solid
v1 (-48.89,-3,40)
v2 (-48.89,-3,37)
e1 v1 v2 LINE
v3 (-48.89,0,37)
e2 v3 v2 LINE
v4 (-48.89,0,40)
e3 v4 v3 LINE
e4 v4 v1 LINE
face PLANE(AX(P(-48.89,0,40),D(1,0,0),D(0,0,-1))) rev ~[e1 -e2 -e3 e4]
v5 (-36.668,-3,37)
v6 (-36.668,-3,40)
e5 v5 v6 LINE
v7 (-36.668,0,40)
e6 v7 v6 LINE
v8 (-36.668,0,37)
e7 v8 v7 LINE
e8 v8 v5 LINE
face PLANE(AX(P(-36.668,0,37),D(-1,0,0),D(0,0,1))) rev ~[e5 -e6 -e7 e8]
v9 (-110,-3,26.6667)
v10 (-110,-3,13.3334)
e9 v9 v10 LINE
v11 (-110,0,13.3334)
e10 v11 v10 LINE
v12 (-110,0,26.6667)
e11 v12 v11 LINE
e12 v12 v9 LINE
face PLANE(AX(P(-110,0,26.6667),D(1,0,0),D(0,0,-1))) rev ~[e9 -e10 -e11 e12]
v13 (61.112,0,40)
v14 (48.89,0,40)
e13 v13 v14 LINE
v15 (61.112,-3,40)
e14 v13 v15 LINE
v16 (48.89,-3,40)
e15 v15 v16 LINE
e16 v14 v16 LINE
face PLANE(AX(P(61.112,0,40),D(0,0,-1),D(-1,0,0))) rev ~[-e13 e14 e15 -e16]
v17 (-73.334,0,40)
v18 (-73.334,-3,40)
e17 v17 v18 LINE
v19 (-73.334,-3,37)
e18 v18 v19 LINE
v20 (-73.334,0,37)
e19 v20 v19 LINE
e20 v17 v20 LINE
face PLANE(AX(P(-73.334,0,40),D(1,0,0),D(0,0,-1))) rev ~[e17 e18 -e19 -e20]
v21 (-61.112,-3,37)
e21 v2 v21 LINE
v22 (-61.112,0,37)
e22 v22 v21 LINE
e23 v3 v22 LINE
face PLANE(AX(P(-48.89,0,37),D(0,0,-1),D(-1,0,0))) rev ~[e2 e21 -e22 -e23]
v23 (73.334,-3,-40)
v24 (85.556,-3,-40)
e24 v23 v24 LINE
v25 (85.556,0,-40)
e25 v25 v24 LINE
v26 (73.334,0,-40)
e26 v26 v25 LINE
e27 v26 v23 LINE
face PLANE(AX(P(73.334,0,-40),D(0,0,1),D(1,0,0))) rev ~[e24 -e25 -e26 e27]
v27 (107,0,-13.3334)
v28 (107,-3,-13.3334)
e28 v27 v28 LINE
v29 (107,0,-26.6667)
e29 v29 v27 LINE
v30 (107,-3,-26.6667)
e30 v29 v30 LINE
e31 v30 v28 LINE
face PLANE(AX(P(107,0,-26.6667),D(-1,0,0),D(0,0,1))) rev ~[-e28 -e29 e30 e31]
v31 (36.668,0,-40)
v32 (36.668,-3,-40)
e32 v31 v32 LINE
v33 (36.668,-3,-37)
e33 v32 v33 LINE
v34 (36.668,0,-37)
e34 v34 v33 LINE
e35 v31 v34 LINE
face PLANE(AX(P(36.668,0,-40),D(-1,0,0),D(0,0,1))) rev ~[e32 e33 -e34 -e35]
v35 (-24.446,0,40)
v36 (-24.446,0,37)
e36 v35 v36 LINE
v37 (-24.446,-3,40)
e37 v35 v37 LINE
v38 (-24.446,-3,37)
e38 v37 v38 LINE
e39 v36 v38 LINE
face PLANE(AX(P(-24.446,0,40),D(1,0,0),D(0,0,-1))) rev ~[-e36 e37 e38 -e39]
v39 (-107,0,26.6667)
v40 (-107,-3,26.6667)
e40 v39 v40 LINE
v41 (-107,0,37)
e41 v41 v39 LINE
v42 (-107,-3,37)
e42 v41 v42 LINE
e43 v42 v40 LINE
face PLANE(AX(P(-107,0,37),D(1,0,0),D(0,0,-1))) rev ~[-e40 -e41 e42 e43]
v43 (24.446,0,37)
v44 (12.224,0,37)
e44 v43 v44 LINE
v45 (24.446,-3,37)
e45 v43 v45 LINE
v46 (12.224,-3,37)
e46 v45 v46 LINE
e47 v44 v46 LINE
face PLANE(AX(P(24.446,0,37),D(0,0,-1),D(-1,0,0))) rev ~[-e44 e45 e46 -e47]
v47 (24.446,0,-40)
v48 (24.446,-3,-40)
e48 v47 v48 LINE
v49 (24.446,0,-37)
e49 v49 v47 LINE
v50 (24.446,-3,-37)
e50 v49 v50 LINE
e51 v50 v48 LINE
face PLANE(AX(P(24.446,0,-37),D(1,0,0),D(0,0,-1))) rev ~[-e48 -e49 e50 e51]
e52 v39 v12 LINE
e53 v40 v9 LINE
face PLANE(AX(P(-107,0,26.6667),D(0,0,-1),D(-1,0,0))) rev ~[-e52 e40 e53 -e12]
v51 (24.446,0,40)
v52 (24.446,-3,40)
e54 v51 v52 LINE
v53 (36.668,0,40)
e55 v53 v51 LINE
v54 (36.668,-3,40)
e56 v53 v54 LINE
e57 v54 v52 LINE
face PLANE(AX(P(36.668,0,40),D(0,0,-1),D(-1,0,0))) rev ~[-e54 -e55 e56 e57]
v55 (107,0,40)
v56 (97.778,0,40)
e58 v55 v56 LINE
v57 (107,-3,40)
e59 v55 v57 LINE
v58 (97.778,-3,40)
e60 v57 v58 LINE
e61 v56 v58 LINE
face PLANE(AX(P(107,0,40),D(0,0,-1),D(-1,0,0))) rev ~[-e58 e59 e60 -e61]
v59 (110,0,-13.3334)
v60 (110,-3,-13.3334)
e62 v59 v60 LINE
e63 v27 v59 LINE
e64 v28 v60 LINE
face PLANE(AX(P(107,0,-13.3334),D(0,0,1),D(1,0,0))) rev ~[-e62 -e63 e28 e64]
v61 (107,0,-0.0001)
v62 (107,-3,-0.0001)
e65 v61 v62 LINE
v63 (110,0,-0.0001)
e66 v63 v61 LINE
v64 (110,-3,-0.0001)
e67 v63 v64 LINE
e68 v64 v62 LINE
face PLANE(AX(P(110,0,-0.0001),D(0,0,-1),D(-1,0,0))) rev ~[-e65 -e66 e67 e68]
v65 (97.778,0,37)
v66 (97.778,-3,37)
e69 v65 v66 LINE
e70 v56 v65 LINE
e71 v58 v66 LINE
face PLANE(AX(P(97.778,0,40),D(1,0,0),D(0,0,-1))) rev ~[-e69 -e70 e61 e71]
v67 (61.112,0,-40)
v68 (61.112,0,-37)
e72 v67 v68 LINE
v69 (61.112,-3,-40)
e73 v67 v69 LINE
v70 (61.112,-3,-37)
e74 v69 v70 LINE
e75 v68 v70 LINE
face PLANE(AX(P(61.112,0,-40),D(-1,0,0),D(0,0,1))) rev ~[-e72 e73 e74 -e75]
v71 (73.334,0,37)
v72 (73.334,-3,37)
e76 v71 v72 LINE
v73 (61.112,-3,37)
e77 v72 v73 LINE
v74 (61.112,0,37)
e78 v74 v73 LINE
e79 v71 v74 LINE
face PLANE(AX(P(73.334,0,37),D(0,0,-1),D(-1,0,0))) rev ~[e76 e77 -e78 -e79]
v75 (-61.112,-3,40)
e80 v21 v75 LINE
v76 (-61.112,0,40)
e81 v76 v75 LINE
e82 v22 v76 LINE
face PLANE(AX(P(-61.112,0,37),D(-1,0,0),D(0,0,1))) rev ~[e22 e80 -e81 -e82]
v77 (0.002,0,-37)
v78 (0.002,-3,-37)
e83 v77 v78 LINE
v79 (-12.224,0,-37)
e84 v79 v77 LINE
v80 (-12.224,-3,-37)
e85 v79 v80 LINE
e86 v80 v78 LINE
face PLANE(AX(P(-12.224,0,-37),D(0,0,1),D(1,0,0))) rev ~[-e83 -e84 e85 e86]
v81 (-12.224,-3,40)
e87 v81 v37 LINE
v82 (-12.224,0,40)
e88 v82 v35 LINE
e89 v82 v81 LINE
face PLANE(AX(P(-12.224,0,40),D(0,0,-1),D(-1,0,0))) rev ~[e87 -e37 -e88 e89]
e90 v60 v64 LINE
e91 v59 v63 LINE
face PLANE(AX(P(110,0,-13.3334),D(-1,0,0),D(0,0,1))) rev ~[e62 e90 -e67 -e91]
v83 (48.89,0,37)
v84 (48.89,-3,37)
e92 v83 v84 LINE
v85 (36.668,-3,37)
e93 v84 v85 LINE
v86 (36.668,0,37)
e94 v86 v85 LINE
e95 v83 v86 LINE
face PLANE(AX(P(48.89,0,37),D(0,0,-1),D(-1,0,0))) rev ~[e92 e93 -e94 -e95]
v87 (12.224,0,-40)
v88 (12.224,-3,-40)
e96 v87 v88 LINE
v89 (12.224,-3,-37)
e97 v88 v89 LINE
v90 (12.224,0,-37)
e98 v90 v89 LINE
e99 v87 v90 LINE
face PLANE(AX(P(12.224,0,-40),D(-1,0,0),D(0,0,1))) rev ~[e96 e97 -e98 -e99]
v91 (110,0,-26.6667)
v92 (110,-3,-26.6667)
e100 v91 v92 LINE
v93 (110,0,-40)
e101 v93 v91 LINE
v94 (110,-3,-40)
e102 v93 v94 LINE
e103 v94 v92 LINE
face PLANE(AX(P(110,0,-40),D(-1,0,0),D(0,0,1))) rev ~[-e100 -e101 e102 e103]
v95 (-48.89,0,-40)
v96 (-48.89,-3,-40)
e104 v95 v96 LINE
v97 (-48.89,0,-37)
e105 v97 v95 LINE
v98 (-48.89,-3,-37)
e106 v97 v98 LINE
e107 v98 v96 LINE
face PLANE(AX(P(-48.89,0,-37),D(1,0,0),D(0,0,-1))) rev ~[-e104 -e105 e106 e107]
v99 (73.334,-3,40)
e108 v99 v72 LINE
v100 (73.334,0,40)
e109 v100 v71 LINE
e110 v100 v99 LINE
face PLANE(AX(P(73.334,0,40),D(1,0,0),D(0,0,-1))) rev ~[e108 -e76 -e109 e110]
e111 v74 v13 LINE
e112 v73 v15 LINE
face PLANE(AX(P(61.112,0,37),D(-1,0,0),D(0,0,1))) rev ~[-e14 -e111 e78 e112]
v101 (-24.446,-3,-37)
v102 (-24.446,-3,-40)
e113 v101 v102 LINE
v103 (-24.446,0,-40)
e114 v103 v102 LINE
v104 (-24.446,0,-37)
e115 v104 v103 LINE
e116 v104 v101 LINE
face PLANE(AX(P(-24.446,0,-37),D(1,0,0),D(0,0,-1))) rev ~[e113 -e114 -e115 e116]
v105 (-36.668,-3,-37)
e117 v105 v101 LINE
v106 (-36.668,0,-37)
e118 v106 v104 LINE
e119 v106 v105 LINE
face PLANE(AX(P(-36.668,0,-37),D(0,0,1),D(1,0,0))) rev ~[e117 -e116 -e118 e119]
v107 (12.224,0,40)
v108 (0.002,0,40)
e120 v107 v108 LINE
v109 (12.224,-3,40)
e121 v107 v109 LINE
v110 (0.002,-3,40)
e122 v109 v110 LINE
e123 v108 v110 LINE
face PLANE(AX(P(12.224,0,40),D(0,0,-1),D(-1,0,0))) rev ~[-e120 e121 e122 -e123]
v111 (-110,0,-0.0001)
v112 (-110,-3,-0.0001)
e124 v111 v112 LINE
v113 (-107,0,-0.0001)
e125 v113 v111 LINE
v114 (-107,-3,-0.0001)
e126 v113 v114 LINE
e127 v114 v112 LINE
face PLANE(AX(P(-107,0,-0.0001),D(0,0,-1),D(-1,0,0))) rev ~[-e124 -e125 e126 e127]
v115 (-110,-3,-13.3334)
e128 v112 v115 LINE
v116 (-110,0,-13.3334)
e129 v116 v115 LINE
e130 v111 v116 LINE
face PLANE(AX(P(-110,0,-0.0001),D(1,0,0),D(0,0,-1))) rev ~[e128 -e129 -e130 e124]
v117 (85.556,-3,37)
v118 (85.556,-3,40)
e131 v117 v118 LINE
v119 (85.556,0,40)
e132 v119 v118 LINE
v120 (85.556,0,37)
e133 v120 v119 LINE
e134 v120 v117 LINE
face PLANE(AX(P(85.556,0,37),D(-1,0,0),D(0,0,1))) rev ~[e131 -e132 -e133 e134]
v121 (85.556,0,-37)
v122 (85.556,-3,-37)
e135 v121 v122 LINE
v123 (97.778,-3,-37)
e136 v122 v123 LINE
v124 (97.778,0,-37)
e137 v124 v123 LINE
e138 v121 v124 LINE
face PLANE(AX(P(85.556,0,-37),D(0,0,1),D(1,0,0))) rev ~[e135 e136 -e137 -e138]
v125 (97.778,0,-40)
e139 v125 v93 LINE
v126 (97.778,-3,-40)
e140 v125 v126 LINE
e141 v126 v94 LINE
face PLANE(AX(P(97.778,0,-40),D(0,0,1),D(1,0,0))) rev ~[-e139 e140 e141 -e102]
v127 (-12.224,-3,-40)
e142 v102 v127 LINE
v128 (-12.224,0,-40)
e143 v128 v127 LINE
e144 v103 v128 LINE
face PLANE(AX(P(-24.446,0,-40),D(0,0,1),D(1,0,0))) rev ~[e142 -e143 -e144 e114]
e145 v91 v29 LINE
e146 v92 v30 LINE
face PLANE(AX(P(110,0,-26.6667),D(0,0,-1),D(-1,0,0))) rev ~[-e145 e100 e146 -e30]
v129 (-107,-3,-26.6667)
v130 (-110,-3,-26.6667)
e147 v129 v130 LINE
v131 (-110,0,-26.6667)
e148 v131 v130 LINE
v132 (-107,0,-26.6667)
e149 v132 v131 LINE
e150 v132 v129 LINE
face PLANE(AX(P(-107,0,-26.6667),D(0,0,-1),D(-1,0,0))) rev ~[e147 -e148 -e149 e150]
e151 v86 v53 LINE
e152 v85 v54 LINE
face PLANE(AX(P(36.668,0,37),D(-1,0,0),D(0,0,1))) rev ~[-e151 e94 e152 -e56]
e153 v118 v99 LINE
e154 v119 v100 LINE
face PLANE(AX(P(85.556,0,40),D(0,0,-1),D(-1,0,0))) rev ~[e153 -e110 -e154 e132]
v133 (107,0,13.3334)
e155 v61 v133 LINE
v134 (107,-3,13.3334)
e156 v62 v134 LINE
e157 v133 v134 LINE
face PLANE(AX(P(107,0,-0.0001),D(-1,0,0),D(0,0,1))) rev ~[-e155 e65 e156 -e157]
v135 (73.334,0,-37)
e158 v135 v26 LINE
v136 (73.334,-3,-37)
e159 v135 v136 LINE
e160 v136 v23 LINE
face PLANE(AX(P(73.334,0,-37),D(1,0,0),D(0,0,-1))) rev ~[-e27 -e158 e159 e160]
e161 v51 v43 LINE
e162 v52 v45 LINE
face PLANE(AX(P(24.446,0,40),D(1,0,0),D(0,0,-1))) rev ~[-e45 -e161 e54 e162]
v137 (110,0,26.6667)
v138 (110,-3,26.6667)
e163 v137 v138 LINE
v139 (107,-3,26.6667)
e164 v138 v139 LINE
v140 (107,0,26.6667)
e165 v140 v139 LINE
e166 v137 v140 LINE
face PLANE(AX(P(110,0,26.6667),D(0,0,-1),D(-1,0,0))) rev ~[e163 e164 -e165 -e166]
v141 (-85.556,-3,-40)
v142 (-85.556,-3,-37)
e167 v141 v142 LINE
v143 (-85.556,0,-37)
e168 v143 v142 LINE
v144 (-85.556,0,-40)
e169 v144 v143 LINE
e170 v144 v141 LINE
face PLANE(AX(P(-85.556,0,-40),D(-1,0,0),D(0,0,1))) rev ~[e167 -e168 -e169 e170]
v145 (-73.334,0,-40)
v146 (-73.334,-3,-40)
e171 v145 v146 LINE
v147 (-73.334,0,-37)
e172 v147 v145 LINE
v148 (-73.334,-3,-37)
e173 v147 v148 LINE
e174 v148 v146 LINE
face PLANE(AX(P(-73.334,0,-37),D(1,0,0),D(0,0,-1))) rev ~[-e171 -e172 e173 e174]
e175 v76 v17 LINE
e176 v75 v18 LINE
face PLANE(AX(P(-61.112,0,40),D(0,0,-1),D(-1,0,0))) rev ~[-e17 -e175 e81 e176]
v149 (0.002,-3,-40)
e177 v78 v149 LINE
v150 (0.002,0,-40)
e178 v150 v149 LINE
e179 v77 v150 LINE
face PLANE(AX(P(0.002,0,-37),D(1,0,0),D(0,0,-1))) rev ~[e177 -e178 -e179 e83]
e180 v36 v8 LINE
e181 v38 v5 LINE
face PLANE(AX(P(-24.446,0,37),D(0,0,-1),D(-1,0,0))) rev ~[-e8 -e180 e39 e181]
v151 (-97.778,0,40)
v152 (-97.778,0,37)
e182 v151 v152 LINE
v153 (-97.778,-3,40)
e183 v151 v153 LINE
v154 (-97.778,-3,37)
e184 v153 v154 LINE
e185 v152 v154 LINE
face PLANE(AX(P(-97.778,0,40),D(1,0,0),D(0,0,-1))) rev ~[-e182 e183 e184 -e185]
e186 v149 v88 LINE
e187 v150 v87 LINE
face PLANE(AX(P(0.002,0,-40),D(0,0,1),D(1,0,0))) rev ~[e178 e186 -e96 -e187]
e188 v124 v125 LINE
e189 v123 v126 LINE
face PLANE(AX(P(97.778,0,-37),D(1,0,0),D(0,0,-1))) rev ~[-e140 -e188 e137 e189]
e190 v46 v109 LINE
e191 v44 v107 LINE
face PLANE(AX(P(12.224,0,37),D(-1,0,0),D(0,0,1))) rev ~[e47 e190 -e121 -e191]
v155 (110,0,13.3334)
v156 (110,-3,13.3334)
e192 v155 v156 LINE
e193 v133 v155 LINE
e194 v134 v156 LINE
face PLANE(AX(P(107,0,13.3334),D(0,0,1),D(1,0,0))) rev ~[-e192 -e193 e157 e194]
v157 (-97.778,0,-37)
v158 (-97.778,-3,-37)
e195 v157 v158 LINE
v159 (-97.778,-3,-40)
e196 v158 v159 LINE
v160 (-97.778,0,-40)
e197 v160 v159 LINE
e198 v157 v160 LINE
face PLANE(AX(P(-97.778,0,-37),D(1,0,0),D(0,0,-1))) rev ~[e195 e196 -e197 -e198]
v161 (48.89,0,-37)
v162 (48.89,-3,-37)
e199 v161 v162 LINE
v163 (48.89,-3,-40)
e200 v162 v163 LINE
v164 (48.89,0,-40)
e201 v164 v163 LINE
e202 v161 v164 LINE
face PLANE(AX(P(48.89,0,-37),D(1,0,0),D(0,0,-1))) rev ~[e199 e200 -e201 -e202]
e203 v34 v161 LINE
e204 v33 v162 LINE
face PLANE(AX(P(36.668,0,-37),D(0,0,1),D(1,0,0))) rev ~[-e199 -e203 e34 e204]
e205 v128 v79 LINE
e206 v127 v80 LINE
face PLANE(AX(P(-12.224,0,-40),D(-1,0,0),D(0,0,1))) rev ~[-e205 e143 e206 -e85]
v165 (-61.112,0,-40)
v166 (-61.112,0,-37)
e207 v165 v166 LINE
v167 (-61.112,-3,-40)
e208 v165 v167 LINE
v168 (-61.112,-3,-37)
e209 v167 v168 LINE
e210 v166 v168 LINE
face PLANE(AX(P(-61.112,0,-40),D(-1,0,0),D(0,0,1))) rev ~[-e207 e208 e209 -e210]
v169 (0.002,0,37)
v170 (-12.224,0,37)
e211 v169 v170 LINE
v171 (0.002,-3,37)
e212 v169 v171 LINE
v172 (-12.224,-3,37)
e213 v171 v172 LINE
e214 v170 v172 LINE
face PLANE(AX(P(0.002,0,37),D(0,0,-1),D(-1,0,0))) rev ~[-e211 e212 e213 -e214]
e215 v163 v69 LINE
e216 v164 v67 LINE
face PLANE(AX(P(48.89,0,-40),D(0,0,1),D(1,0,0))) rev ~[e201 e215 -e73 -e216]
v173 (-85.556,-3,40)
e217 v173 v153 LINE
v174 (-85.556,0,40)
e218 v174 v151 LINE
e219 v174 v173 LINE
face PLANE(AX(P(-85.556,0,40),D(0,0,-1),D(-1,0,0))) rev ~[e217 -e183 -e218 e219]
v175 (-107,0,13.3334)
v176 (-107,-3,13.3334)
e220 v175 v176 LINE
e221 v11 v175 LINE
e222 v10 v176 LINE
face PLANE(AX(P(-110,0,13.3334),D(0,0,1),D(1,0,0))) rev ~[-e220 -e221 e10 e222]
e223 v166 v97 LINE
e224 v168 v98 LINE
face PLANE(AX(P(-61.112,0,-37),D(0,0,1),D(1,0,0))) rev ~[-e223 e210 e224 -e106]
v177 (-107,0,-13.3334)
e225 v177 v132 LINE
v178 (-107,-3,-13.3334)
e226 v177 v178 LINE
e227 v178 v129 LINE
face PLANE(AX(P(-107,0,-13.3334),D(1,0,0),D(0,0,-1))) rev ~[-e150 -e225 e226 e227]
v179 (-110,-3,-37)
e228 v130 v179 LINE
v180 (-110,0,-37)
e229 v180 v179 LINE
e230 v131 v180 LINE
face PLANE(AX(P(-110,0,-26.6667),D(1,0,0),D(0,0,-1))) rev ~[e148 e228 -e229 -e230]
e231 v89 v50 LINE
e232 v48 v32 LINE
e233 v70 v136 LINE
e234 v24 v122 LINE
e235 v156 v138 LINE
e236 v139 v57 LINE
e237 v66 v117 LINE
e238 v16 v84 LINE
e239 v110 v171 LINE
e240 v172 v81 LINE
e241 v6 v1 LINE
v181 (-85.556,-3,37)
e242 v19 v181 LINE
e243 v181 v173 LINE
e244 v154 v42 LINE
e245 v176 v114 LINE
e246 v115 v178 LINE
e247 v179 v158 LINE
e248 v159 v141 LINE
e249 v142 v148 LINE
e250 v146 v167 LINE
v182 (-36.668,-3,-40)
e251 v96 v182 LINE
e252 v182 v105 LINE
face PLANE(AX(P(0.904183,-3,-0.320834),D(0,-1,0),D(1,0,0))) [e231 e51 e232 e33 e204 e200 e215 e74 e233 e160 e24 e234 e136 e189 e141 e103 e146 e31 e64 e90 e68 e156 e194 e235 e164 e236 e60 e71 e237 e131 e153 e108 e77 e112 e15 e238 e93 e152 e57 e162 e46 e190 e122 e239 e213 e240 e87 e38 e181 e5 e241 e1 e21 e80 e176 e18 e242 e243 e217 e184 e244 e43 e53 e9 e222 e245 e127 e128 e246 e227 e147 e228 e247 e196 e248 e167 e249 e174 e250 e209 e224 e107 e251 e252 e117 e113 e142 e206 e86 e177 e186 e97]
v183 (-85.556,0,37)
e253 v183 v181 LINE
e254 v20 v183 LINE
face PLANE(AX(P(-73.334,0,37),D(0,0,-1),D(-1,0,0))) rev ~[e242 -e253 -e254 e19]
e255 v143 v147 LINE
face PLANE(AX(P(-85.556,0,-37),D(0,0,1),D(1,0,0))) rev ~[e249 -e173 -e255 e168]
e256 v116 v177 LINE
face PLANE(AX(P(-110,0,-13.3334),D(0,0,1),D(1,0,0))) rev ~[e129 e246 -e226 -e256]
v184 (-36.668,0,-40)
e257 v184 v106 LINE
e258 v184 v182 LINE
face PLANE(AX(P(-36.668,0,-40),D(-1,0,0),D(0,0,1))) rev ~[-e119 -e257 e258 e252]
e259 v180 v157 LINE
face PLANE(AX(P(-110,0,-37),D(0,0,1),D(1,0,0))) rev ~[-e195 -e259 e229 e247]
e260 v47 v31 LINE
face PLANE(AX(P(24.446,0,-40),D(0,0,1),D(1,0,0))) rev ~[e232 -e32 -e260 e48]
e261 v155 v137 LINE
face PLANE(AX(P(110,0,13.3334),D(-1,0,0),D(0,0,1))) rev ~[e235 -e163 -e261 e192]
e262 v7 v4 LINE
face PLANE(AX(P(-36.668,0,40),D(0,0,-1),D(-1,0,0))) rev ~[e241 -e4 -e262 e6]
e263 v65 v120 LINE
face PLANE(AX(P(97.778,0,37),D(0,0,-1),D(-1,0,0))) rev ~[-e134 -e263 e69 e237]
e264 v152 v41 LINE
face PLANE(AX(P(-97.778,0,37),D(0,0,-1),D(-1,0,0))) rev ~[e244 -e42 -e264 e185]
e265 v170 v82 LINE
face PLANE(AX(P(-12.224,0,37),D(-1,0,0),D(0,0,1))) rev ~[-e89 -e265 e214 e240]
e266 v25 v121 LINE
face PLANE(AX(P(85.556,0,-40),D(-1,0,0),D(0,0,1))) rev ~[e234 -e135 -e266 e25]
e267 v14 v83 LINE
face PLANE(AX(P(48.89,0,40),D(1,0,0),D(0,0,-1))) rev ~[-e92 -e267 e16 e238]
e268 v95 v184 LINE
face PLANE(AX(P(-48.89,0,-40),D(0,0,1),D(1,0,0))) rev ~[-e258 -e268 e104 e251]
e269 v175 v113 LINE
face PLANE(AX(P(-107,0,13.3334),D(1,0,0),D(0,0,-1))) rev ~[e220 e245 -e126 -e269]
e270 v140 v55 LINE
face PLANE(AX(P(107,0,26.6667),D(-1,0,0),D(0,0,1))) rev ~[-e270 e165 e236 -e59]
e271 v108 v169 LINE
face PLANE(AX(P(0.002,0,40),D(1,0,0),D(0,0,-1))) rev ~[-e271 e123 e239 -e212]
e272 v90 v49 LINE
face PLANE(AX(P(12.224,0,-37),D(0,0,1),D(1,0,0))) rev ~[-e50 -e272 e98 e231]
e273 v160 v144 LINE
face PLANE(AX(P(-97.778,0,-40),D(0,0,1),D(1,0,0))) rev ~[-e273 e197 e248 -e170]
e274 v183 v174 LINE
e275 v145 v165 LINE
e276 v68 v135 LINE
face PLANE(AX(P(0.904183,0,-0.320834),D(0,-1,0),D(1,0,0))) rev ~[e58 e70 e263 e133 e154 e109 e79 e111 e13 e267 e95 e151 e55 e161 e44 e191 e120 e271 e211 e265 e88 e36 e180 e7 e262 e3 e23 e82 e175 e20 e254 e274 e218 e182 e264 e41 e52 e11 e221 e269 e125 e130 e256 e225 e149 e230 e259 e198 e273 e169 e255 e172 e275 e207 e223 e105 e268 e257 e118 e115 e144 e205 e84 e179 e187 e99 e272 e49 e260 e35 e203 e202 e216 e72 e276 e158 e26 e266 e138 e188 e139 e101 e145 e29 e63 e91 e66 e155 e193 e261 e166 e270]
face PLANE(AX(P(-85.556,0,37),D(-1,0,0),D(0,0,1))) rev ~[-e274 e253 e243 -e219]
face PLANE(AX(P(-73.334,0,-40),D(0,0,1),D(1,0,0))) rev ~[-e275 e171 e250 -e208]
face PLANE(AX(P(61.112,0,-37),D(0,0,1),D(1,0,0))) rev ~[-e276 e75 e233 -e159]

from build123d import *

# Parameters (mm, degrees)
F1_DEPTH = 3


with BuildPart() as f1:
    # F0 (on Front) → F1 (new body)
    with BuildSketch(Plane.XZ):
        Polygon((97.778, -40), (110, -40), (110, -26.6667), (107, -26.6667), (107, -13.3334), (110, -13.3334), (110, -0.0001), (107, -0.0001), (107, 0.0001), (107, 13.3334), (110, 13.3334), (110, 26.6667), (107, 26.6667), (107, 40), (97.778, 40), (97.778, 37), (85.556, 37), (85.556, 40), (73.334, 40), (73.334, 37), (61.112, 37), (61.112, 40), (48.89, 40), (48.89, 37), (36.668, 37), (36.668, 40), (24.446, 40), (24.446, 37), (12.224, 37), (12.224, 40), (0.002, 40), (0.002, 37), (-0.002, 37), (-12.224, 37), (-12.224, 40), (-24.446, 40), (-24.446, 37), (-36.668, 37), (-36.668, 40), (-48.89, 40), (-48.89, 37), (-61.112, 37), (-61.112, 40), (-73.334, 40), (-73.334, 37), (-85.556, 37), (-85.556, 40), (-97.778, 40), (-97.778, 37), (-107, 37), (-107, 26.6667), (-110, 26.6667), (-110, 13.3334), (-107, 13.3334), (-107, 0.0001), (-107, -0.0001), (-110, -0.0001), (-110, -13.3334), (-107, -13.3334), (-107, -26.6667), (-110, -26.6667), (-110, -37), (-97.778, -37), (-97.778, -40), (-85.556, -40), (-85.556, -37), (-73.334, -37), (-73.334, -40), (-61.112, -40), (-61.112, -37), (-48.89, -37), (-48.89, -40), (-36.668, -40), (-36.668, -37), (-24.446, -37), (-24.446, -40), (-12.224, -40), (-12.224, -37), (-0.002, -37), (0.002, -37), (0.002, -40), (12.224, -40), (12.224, -37), (24.446, -37), (24.446, -40), (36.668, -40), (36.668, -37), (48.89, -37), (48.89, -40), (61.112, -40), (61.112, -37), (73.334, -37), (73.334, -40), (85.556, -40), (85.556, -37), (97.778, -37), align=None)
    extrude(amount=F1_DEPTH)


solid = f1.part
